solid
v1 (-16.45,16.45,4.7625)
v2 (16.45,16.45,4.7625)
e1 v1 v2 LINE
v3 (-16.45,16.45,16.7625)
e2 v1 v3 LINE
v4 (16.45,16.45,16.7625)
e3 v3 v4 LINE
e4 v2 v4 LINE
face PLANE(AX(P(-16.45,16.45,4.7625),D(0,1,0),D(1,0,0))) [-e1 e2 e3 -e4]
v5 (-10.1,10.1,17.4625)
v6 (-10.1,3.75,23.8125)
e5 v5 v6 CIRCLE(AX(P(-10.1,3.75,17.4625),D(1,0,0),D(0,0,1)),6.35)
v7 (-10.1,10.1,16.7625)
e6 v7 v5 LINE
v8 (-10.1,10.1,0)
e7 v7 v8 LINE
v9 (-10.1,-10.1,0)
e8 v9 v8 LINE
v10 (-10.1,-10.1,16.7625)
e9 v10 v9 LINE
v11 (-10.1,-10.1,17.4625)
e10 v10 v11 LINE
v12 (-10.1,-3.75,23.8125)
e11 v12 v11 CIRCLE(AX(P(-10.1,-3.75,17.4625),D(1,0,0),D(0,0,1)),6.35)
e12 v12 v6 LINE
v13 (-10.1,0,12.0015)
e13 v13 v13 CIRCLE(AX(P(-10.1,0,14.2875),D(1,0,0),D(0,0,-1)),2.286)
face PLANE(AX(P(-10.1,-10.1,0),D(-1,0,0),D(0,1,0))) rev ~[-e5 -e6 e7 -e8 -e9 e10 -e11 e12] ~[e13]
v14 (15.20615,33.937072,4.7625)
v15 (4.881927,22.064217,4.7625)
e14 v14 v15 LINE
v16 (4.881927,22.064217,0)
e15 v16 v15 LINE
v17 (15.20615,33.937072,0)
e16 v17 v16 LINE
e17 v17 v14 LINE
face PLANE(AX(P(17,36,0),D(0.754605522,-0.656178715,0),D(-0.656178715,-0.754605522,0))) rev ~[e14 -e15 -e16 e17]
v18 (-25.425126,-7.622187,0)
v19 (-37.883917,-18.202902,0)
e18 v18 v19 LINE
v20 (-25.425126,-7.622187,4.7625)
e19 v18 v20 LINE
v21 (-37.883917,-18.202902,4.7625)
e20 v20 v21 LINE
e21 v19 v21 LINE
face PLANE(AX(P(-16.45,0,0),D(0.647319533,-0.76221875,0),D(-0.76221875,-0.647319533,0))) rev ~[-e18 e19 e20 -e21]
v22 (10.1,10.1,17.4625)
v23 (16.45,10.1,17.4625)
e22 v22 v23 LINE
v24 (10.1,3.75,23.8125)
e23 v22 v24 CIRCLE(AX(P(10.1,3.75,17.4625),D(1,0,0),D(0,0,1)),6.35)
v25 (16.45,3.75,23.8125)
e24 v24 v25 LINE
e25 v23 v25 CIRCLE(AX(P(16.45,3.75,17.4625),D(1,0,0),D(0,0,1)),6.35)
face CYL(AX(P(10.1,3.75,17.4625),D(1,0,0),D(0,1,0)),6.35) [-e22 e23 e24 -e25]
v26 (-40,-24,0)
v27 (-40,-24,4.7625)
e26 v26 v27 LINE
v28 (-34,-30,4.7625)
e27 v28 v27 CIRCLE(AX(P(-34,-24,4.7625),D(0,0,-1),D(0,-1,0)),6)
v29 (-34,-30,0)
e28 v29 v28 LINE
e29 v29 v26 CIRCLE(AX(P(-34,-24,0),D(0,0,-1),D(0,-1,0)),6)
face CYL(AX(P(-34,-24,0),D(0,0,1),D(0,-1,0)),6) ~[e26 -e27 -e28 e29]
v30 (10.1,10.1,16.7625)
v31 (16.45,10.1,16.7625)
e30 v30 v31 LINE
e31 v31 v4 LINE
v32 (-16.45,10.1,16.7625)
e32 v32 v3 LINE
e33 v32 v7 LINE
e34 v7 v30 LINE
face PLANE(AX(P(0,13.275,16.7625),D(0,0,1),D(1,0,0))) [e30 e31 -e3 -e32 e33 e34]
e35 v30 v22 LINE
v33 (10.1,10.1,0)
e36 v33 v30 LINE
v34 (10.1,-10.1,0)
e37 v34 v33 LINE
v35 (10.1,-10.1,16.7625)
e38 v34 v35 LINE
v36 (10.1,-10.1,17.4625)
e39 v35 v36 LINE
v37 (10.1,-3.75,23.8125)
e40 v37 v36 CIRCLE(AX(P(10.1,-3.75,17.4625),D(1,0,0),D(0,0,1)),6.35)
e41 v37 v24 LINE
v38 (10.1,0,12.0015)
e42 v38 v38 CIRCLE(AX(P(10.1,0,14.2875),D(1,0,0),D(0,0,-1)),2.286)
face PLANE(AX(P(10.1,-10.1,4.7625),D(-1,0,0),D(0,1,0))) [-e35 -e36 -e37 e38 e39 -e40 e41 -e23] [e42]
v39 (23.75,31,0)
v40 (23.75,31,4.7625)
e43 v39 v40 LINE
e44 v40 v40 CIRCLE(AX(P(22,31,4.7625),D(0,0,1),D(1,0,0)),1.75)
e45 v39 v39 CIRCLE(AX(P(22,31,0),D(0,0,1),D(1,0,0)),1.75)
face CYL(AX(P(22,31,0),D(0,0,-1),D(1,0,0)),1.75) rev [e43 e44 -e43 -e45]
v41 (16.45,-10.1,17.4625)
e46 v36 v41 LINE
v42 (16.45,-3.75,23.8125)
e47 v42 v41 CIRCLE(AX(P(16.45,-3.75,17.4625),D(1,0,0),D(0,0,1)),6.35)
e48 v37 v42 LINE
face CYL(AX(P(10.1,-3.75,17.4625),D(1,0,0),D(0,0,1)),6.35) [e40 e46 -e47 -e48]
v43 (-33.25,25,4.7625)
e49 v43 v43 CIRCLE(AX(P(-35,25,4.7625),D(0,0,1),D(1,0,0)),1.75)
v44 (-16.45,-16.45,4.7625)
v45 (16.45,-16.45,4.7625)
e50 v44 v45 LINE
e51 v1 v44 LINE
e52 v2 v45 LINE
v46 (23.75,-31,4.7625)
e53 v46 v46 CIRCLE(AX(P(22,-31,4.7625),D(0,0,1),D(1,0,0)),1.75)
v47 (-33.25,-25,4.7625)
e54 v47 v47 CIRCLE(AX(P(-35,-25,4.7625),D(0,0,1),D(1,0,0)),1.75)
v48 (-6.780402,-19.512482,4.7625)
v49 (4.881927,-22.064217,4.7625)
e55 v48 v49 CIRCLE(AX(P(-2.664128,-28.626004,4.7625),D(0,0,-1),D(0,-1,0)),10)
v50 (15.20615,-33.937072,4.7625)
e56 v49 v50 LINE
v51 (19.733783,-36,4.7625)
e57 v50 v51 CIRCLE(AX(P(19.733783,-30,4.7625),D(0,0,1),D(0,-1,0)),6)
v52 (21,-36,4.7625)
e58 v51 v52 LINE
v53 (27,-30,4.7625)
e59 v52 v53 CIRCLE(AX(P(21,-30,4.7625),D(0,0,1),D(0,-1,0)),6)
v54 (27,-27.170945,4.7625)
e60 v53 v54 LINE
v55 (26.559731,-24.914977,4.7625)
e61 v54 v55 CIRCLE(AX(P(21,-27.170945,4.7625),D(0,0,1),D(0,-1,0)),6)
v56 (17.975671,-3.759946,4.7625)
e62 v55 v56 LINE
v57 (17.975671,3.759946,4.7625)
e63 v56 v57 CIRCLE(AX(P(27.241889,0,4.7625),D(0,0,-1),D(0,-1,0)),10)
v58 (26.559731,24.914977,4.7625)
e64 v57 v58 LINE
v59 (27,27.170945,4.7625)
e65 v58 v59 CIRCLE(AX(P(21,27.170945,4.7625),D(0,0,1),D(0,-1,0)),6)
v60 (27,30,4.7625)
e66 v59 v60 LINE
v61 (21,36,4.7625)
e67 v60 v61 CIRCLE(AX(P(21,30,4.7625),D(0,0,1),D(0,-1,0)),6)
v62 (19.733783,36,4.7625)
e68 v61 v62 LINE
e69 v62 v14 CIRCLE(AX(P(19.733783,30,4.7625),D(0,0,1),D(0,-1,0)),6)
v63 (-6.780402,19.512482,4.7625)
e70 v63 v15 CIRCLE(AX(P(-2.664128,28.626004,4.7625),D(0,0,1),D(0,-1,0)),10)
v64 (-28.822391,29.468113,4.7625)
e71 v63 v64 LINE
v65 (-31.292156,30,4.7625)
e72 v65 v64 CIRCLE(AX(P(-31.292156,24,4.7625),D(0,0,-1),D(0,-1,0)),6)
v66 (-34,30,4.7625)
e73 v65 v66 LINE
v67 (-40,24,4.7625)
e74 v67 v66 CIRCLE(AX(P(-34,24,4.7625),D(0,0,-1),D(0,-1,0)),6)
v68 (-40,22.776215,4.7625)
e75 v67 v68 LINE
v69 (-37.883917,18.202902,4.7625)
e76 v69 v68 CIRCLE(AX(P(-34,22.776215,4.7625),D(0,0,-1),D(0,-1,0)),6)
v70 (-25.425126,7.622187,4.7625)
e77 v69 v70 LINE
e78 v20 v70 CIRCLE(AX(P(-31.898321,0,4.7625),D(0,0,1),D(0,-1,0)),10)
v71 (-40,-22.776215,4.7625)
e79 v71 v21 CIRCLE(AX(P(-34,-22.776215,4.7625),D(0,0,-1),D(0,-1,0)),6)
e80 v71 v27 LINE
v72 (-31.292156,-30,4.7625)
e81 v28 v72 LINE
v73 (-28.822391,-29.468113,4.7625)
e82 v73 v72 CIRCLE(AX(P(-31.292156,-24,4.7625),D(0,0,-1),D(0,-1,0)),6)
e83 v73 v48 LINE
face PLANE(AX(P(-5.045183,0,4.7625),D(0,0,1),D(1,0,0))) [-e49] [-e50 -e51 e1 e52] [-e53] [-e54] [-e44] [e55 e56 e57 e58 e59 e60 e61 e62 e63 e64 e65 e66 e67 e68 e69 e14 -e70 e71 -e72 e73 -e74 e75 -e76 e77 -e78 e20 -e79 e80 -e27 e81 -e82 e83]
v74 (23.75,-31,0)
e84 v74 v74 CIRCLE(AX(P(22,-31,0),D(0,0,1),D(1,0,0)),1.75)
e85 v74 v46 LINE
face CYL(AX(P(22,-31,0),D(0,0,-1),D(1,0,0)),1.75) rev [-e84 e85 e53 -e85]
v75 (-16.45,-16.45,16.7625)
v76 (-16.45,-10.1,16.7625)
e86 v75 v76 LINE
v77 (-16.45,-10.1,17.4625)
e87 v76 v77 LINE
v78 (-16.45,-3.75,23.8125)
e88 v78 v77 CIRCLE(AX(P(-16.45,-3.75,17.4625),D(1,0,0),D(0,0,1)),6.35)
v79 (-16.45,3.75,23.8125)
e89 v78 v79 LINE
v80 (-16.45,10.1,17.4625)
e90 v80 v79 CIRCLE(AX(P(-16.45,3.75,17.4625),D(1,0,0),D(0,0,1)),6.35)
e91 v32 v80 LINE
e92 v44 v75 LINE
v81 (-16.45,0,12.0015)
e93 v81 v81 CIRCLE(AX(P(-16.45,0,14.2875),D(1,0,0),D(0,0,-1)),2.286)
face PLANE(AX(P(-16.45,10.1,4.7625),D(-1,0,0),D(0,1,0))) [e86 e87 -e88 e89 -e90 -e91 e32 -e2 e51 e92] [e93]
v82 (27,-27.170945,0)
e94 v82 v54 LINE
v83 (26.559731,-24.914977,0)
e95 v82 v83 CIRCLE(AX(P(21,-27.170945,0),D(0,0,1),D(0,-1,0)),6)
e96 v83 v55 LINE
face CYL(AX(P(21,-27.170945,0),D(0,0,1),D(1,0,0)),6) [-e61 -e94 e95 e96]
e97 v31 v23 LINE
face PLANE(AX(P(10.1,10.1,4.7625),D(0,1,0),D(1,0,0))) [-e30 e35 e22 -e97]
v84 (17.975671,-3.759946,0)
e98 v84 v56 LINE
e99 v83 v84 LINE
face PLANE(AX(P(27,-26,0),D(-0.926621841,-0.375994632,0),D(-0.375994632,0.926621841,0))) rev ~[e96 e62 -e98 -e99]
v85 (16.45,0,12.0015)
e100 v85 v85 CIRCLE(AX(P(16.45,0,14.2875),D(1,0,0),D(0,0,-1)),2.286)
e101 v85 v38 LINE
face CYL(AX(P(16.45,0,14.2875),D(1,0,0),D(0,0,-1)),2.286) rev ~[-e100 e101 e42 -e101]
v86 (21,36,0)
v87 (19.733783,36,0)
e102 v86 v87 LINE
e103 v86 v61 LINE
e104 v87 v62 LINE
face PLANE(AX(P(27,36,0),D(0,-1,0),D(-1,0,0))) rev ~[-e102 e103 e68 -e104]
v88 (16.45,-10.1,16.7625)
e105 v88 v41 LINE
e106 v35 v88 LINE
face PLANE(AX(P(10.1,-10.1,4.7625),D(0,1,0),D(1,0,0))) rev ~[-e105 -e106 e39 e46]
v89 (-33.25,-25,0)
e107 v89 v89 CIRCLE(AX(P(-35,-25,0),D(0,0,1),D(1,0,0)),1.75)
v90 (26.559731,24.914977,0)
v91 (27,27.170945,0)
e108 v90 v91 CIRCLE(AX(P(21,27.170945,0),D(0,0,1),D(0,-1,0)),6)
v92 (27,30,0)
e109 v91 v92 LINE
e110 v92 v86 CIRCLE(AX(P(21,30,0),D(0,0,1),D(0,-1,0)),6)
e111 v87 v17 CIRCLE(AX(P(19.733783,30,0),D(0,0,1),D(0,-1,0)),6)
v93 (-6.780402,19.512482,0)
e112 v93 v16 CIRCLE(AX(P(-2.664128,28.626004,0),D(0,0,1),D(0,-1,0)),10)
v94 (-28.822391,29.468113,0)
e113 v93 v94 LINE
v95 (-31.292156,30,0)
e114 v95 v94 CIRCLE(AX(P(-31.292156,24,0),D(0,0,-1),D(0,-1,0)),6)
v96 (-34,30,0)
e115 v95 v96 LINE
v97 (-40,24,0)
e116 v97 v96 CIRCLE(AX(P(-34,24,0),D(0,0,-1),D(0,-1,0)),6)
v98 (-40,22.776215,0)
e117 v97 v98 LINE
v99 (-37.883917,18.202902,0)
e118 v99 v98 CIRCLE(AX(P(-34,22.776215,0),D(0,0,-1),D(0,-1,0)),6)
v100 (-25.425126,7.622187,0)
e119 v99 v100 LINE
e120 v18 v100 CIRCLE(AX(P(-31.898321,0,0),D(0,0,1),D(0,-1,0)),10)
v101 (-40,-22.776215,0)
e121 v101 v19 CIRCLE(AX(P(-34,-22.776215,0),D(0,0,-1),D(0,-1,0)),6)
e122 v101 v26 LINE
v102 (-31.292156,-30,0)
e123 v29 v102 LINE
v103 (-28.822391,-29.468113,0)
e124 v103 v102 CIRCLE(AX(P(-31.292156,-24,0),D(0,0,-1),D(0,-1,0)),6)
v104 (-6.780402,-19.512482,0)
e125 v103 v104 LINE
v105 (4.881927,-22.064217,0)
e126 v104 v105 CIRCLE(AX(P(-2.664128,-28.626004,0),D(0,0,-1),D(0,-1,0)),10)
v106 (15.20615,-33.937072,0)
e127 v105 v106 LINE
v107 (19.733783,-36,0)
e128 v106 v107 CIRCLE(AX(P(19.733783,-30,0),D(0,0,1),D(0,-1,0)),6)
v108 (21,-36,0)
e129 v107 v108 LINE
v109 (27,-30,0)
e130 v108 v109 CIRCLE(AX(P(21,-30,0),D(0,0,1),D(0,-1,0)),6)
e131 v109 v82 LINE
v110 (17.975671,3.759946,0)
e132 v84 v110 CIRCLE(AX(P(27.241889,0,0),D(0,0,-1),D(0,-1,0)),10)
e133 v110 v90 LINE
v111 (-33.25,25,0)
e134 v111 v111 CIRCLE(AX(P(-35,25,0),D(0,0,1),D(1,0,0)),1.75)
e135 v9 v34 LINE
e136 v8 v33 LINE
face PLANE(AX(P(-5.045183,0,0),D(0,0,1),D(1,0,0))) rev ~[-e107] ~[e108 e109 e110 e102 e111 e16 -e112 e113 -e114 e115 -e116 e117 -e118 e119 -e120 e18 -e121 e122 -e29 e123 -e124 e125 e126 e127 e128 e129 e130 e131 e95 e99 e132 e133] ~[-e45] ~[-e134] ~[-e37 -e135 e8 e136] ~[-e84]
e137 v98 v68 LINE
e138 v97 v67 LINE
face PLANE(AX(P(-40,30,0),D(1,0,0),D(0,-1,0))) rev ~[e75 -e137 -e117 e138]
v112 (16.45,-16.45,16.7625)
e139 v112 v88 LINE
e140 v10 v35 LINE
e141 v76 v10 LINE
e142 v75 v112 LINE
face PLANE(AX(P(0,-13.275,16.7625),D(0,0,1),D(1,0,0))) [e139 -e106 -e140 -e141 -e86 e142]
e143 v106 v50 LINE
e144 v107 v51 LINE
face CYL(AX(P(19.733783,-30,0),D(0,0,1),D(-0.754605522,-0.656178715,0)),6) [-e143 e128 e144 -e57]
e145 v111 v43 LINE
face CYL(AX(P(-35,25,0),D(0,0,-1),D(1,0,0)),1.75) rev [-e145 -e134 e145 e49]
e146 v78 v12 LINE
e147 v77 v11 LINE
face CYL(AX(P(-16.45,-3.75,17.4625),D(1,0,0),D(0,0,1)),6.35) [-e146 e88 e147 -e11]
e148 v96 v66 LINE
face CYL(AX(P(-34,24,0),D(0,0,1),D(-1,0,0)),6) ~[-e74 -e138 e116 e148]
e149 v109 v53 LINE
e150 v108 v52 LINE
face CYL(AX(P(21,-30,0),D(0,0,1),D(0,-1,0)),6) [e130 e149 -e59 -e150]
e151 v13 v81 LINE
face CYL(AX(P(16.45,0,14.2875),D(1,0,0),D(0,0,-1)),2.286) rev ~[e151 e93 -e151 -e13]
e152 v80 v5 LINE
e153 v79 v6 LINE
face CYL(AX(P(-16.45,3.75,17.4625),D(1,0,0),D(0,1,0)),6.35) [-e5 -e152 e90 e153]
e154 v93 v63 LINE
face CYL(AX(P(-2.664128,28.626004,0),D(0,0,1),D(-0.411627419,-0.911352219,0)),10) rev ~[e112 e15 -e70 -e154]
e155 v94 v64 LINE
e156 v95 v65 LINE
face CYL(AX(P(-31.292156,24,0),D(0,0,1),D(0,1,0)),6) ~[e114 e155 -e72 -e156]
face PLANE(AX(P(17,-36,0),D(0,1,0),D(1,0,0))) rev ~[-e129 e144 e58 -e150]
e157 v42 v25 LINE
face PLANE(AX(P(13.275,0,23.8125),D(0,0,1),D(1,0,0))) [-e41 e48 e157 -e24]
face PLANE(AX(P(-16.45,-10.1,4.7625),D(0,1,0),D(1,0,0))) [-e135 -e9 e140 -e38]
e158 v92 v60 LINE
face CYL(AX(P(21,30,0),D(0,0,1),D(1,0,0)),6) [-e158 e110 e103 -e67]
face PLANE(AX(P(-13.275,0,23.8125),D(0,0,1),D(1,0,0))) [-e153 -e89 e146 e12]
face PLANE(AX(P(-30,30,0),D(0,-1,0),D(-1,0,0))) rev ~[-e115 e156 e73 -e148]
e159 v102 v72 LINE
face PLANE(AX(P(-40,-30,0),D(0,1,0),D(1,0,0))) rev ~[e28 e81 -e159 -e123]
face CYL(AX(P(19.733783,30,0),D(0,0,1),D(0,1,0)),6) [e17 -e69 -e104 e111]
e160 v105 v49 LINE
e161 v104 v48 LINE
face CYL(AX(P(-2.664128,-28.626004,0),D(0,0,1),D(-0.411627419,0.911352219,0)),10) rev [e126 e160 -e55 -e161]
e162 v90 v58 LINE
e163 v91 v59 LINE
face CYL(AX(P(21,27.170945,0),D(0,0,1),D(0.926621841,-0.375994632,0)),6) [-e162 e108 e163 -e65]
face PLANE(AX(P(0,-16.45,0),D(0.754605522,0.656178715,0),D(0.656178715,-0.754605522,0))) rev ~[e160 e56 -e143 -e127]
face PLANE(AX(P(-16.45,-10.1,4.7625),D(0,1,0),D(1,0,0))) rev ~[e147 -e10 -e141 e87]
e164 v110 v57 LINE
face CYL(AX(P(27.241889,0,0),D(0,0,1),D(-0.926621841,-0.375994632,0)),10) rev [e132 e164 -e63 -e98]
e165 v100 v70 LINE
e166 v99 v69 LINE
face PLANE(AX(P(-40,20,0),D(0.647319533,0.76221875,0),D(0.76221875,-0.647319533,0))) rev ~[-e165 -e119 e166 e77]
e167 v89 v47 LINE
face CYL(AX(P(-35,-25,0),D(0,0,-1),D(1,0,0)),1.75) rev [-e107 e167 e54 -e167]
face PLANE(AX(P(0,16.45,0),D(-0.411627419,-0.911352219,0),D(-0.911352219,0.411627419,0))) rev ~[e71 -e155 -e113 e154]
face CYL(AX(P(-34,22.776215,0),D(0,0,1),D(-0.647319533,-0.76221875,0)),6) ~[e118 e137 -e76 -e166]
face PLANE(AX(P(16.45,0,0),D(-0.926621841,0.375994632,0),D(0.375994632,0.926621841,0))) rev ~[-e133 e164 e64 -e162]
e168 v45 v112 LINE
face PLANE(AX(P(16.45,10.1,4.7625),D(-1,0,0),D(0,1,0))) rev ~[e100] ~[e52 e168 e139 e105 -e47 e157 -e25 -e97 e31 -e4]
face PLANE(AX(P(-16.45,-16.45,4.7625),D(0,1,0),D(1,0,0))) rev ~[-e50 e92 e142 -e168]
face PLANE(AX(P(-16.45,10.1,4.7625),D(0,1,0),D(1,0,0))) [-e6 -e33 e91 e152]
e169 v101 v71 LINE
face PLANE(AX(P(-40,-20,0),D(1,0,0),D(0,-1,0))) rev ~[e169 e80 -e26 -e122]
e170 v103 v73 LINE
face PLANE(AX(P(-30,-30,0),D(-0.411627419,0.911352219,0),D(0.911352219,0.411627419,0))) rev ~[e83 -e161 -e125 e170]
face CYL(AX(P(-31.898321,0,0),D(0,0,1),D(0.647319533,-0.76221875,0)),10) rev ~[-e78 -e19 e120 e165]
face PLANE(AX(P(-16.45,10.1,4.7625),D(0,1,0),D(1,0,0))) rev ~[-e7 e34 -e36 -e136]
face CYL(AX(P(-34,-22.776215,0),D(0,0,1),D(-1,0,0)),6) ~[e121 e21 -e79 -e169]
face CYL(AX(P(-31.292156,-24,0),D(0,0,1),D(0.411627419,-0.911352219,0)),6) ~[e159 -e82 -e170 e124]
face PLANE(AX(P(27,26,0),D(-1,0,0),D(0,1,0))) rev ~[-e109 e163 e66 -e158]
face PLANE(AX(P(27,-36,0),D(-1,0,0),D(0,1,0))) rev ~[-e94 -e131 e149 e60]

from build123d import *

# Parameters (mm, degrees)
SKETCH1_R           = 1.75
SKETCH1_W           = 20.2
SKETCH1_H           = 20.2
BOSS_EXTRUDE1_DEPTH = 4.7625
FILLET1_R           = 6
FILLET2_R           = 10
SKETCH2_W           = 6.35
SKETCH2_H           = 20.2
BOSS_EXTRUDE2_DEPTH = 19.05
SKETCH3_R           = 2.286
CUT_EXTRUDE1_DEPTH  = 57.45
SKETCH4_W           = 32.9
SKETCH4_H           = 6.35
BOSS_EXTRUDE3_DEPTH = 12
FILLET5_R           = 6.35


with BuildPart() as part:
    # Sketch1 → Boss-Extrude1 (new body)
    with BuildSketch(Plane.XY):
        Polygon((-30, -30), (0, -16.45), (17, -36), (27, -36), (27, -26), (16.45, 0), (27, 26), (27, 36), (17, 36), (0, 16.45), (-30, 30), (-40, 30), (-40, 20), (-16.45, 0), (-40, -20), (-40, -30), align=None)
        with Locations((22, 31)):
            Circle(SKETCH1_R, mode=Mode.SUBTRACT)
        with Locations((22, -31)):
            Circle(SKETCH1_R, mode=Mode.SUBTRACT)
        with Locations((-35, 25)):
            Circle(SKETCH1_R, mode=Mode.SUBTRACT)
        with Locations((-35, -25)):
            Circle(SKETCH1_R, mode=Mode.SUBTRACT)
        Rectangle(SKETCH1_W, SKETCH1_H, mode=Mode.SUBTRACT)
    extrude(amount=BOSS_EXTRUDE1_DEPTH)

    # Fillet1
    fillet1_edges = [part.edges().sort_by_distance(p)[0] for p in [
        (17, 36, 2.38125),
        (27, 36, 2.38125),
        (27, 26, 2.38125),
        (27, -26, 2.38125),
        (27, -36, 2.38125),
        (17, -36, 2.38125),
        (-30, -30, 2.38125),
        (-40, -30, 2.38125),
        (-40, -20, 2.38125),
        (-40, 20, 2.38125),
        (-40, 30, 2.38125),
        (-30, 30, 2.38125),
    ]]
    fillet(fillet1_edges, radius=FILLET1_R)

    # Fillet2
    fillet2_edges = [part.edges().sort_by_distance(p)[0] for p in [
        (0, 16.45, 2.38125),
        (16.45, 0, 2.38125),
        (0, -16.45, 2.38125),
        (-16.45, 0, 2.38125),
    ]]
    fillet(fillet2_edges, radius=FILLET2_R)

    # Sketch2 → Boss-Extrude2 (add)
    with BuildSketch(Plane.XY.offset(4.7625)):
        with Locations((13.275, 0)):
            Rectangle(SKETCH2_W, SKETCH2_H)
        with Locations((-13.275, 0)):
            Rectangle(SKETCH2_W, SKETCH2_H)
    extrude(amount=BOSS_EXTRUDE2_DEPTH)

    # Sketch3 → Cut-Extrude1 (cut, through all)
    with BuildSketch(Plane(origin=(16.45, 0, 0), x_dir=(0, 0, -1), z_dir=(1, 0, 0))):
        with Locations((-14.2875, 0)):
            Circle(SKETCH3_R)
    extrude(amount=-CUT_EXTRUDE1_DEPTH, mode=Mode.SUBTRACT)

    # Sketch4 → Boss-Extrude3 (add)
    with BuildSketch(Plane.XY.offset(4.7625)):
        with Locations((0, 13.275)):
            Rectangle(SKETCH4_W, SKETCH4_H)
        with Locations((0, -13.275)):
            Rectangle(SKETCH4_W, SKETCH4_H)
    extrude(amount=BOSS_EXTRUDE3_DEPTH)

    # Fillet5
    fillet5_edges = [part.edges().sort_by_distance(p)[0] for p in [
        (13.275, -10.1, 23.8125),
        (13.275, 10.1, 23.8125),
        (-13.275, 10.1, 23.8125),
        (-13.275, -10.1, 23.8125),
    ]]
    fillet(fillet5_edges, radius=FILLET5_R)


solid = part.part
